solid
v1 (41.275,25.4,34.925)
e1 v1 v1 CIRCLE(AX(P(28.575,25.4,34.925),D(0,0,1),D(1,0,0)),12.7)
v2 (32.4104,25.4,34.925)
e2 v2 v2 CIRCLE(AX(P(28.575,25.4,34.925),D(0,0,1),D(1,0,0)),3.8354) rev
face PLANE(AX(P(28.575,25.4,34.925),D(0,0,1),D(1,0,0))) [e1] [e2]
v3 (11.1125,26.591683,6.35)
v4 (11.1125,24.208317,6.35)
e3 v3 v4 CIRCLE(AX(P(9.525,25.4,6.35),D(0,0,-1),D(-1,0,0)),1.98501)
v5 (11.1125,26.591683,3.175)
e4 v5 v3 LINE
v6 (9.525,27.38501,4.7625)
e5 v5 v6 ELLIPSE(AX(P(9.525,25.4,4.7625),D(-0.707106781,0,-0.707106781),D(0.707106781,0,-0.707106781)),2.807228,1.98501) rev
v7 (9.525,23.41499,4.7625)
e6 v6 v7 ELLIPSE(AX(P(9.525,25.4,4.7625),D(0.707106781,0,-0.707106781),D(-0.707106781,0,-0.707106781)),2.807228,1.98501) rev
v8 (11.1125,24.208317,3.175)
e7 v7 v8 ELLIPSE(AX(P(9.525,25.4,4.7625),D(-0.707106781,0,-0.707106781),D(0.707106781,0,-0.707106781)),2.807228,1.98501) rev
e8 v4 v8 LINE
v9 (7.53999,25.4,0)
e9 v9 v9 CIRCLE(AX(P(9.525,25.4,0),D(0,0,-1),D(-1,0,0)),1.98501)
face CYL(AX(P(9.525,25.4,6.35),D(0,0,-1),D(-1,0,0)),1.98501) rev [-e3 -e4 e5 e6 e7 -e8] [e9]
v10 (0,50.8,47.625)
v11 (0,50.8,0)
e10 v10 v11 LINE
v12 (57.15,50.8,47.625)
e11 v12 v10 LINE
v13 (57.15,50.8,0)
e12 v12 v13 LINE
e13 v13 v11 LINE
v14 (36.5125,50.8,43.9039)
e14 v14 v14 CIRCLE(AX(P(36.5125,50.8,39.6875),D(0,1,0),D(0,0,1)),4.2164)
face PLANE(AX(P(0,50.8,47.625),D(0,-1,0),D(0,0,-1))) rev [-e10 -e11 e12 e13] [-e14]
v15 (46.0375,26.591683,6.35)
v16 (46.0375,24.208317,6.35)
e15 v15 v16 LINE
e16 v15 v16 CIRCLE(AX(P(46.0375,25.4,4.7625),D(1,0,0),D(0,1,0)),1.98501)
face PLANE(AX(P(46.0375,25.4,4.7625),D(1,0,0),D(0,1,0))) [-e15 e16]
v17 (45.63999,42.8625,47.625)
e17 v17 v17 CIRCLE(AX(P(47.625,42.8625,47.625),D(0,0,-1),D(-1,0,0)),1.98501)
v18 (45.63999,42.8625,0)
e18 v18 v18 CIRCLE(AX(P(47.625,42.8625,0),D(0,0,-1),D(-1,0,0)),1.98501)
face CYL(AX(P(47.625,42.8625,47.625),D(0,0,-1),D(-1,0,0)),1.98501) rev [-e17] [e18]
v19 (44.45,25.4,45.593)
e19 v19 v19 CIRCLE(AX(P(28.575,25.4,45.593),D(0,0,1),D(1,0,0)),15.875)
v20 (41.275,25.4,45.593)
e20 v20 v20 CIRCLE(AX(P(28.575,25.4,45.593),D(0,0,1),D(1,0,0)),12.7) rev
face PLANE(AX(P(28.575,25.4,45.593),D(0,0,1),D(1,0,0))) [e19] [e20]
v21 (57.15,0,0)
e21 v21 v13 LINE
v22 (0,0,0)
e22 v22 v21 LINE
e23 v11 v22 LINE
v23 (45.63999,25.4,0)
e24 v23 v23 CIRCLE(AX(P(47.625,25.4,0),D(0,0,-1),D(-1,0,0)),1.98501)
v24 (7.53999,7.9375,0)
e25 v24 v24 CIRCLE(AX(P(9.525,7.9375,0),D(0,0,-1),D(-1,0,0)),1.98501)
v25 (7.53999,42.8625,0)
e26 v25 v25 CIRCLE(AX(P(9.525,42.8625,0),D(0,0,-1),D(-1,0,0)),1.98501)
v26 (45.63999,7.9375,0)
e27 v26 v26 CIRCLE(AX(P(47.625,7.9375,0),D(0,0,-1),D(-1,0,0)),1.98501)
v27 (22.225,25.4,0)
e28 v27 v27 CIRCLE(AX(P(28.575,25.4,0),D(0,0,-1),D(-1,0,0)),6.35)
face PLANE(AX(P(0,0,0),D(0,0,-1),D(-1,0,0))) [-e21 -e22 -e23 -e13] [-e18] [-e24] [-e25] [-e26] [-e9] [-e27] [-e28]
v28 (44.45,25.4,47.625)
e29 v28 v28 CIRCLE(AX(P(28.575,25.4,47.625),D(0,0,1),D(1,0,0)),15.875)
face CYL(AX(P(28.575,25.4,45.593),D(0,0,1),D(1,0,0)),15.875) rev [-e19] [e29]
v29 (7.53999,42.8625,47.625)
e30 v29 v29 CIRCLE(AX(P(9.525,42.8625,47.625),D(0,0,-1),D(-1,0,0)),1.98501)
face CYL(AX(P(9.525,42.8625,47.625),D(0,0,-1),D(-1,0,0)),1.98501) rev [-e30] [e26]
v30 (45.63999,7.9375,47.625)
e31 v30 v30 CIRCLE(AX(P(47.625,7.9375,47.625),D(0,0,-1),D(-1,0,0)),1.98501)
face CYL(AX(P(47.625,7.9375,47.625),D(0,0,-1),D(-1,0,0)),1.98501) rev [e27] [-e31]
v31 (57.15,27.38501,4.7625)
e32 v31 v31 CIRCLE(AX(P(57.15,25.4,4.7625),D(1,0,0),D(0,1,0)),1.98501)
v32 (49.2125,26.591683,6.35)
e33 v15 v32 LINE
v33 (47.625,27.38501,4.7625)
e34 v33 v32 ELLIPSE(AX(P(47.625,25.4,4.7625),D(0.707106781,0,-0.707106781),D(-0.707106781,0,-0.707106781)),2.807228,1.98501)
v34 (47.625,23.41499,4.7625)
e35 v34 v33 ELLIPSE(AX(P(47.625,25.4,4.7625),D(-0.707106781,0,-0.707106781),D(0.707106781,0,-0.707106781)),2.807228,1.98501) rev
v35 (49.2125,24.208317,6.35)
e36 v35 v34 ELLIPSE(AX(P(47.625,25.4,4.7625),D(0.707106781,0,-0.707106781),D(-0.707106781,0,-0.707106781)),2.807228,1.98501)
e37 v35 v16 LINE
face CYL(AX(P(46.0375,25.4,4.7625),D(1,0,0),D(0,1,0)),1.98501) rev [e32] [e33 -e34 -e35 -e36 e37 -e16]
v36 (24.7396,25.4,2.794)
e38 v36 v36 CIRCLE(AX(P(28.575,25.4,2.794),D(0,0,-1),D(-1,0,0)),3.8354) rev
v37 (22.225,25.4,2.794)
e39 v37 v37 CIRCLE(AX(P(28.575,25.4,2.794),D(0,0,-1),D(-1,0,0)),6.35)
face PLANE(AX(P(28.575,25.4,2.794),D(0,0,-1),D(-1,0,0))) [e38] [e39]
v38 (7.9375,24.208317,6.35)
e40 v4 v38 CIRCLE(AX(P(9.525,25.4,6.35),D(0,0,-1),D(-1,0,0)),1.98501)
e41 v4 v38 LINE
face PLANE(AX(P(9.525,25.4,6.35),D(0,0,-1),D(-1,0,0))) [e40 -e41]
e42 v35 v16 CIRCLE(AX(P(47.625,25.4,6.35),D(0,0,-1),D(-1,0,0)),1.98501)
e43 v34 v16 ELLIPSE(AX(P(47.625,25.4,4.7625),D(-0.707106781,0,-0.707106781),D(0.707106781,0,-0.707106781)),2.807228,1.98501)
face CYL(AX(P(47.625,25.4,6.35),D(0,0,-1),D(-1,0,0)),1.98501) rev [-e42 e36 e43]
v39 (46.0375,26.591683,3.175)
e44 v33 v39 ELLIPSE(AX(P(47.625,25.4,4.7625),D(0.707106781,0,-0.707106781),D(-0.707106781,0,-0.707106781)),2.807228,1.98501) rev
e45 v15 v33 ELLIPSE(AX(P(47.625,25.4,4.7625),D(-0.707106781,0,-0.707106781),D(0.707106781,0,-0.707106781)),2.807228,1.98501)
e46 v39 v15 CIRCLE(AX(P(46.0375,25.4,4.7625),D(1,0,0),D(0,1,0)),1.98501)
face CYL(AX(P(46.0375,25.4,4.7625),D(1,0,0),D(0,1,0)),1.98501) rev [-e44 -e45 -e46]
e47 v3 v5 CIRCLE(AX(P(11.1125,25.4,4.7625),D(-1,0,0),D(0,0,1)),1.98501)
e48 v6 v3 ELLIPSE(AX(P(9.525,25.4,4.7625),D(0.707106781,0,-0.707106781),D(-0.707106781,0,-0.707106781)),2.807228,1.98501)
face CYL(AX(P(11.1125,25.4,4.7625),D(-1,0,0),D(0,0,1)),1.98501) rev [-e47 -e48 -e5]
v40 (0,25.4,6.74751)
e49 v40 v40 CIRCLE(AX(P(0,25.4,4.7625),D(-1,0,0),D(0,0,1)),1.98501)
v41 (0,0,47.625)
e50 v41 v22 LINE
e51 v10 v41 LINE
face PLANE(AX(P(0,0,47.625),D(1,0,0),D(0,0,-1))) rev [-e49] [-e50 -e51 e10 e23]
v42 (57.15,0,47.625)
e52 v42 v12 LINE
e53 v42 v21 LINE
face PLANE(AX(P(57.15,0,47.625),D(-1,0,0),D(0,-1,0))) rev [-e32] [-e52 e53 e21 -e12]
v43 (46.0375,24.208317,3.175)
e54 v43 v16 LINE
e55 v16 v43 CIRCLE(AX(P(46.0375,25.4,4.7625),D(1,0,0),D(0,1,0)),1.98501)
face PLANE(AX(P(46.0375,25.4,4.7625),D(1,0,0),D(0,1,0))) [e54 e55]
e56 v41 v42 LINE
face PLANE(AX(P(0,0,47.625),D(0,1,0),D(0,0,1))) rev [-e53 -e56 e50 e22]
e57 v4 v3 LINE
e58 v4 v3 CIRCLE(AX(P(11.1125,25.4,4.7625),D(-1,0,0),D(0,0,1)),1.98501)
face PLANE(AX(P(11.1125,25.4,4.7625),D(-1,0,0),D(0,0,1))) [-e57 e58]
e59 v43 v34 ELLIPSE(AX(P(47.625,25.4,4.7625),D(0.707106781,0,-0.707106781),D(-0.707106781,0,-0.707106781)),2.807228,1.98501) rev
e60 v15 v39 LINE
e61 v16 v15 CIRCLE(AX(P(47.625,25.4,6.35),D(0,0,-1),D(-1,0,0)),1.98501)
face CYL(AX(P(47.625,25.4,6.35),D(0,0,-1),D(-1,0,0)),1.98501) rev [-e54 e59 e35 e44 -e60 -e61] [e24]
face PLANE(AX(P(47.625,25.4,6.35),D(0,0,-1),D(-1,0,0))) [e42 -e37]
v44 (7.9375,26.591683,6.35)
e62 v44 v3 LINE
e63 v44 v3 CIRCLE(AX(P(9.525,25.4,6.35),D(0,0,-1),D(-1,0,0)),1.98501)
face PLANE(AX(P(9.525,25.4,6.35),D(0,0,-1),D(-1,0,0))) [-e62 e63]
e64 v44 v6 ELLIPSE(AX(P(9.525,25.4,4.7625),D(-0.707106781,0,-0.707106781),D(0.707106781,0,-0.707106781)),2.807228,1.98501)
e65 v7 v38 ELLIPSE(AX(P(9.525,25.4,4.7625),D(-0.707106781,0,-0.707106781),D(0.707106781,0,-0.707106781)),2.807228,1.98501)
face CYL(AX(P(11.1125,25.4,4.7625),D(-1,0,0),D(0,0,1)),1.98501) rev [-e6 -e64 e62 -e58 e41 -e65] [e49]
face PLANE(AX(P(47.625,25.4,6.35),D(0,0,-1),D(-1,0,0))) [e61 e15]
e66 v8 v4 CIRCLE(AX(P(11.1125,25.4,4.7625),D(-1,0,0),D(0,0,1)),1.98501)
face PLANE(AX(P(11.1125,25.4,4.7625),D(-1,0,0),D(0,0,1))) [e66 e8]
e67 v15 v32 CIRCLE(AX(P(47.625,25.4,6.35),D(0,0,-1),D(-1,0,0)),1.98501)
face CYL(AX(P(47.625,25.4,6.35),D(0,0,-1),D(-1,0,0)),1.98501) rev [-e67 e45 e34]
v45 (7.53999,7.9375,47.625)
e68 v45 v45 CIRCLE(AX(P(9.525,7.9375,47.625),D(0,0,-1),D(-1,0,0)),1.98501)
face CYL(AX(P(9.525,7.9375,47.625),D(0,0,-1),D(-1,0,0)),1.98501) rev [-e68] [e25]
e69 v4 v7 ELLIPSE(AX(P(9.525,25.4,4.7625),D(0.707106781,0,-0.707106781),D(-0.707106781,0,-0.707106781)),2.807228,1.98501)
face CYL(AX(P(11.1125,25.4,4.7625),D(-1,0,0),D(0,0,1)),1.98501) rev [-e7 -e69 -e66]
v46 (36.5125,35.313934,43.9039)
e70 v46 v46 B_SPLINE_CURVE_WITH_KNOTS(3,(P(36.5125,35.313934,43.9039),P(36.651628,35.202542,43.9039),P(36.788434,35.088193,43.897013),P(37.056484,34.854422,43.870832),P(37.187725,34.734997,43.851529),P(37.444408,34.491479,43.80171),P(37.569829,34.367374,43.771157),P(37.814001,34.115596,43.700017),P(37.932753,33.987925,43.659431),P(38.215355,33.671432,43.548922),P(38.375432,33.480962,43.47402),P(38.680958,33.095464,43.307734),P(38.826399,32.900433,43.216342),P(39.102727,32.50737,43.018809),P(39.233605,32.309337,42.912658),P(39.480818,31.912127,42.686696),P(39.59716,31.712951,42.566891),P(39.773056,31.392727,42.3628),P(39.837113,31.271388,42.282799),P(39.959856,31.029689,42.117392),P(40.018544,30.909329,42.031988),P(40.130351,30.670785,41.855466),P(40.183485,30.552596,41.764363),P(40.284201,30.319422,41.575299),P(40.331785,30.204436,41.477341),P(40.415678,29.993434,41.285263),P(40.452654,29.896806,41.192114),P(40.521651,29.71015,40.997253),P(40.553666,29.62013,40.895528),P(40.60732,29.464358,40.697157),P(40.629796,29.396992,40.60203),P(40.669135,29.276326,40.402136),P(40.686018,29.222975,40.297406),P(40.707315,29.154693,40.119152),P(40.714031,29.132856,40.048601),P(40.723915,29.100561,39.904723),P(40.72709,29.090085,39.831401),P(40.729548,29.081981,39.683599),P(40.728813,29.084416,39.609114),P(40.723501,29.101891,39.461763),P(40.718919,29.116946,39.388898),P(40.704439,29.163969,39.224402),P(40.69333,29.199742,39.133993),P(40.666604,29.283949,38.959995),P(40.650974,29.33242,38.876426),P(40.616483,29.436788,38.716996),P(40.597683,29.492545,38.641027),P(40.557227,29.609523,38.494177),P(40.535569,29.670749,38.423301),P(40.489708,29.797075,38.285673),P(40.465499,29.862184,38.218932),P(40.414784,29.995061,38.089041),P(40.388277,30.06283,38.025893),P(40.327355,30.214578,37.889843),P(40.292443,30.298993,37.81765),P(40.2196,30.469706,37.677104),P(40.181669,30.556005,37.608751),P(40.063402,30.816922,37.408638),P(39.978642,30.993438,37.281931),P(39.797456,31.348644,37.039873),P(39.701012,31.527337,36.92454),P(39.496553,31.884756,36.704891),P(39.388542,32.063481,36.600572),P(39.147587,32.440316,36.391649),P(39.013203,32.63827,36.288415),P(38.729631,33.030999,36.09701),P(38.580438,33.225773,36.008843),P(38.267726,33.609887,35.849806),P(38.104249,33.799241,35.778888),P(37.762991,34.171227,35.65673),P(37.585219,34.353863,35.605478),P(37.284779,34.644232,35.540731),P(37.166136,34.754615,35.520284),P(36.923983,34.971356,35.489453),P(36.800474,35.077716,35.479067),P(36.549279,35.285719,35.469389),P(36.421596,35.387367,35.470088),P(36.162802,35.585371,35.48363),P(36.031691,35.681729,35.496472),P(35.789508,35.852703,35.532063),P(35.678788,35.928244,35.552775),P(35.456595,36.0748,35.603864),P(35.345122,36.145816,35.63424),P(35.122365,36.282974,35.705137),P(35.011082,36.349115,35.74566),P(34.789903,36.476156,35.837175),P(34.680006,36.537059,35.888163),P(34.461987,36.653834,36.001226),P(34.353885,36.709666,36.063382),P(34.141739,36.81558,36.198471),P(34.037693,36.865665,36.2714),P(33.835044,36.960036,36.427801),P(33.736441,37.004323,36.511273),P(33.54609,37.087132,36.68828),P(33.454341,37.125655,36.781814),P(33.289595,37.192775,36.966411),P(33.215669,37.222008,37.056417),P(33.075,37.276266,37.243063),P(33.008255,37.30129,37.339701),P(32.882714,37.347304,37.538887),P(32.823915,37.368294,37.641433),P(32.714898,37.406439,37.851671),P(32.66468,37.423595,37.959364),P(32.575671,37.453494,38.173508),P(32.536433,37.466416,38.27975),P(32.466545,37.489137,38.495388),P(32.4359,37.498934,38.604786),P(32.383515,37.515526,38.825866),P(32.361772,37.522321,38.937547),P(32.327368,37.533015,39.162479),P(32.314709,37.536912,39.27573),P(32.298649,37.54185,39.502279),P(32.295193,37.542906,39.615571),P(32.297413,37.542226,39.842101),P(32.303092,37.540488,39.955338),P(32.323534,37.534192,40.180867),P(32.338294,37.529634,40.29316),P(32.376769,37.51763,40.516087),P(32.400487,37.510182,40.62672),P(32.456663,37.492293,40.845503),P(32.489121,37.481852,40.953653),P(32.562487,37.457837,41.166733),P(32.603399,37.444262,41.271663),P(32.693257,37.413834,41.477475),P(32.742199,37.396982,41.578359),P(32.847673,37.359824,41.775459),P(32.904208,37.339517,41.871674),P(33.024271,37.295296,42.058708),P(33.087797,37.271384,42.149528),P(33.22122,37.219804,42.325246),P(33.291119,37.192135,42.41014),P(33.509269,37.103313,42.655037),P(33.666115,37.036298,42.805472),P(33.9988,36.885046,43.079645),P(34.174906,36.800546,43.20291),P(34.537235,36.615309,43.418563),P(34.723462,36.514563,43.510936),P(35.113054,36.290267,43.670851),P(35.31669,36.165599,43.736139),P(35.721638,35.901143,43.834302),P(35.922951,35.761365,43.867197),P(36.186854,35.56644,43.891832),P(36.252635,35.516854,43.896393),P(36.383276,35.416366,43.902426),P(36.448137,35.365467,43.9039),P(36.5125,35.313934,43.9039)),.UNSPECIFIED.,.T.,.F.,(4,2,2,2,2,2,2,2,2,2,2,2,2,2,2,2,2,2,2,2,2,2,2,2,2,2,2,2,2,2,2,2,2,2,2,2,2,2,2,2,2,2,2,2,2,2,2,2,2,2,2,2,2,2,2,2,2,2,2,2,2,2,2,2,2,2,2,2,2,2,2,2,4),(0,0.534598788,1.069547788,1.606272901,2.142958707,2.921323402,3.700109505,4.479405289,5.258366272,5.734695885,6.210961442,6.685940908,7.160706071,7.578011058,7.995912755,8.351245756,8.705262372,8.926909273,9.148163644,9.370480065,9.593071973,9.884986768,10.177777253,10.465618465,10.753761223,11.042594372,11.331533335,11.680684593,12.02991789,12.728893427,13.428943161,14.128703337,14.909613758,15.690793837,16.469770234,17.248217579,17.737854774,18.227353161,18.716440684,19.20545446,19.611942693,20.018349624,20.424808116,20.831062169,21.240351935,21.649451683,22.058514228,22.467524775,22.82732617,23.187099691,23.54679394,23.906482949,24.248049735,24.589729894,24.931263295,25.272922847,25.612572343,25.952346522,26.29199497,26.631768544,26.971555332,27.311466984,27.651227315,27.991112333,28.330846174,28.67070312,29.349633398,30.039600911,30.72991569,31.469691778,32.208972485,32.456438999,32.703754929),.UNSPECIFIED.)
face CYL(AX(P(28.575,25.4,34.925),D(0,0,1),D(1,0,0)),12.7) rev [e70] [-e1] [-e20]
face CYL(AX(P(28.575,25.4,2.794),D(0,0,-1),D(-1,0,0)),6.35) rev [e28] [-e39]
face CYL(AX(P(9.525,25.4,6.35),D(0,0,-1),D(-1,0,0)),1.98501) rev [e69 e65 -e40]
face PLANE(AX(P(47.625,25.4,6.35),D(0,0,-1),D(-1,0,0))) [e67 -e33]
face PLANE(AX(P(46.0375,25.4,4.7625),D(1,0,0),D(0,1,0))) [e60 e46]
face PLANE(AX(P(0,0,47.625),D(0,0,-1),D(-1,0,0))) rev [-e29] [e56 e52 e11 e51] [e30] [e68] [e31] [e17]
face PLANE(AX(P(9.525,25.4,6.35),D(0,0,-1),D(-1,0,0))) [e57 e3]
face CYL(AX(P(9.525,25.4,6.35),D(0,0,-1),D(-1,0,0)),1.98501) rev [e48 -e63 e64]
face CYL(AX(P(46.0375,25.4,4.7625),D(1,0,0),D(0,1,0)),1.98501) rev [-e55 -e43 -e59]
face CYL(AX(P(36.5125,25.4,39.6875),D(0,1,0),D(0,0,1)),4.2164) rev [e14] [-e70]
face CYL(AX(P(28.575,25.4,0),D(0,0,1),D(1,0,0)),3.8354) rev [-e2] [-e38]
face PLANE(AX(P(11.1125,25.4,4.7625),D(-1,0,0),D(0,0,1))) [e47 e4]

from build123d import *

# Parameters (mm, degrees)
SKETCH1_W           = 57.15
SKETCH1_H           = 50.8
BOSS_EXTRUDE1_DEPTH = 47.625
SKETCH2_R           = 3.8354
CUT_EXTRUDE1_DEPTH  = 91.08275709
SKETCH3_R           = 12.7
CUT_EXTRUDE2_DEPTH  = 12.7
SKETCH4_R           = 15.875
CUT_EXTRUDE3_DEPTH  = 2.032
SKETCH5_R           = 4.2164
CUT_EXTRUDE4_DEPTH  = 25.4
SKETCH6_R           = 6.35
CUT_EXTRUDE5_DEPTH  = 2.794
SKETCH7_R           = 1.98501
CUT_EXTRUDE6_DEPTH  = 6.35
SKETCH8_R           = 1.98501
CUT_EXTRUDE7_DEPTH  = 91.082757147
SKETCH9_R           = 1.98501
CUT_EXTRUDE9_DEPTH  = 11.1125
CUT_EXTRUDE10_START = -11.1125
SKETCH10_R          = 1.98501
CUT_EXTRUDE10_DEPTH = 11.1125


with BuildPart() as part:
    # Sketch1 → Boss-Extrude1 (new body)
    with BuildSketch(Plane.XY):
        with Locations((28.575, 25.4)):
            Rectangle(SKETCH1_W, SKETCH1_H)
    extrude(amount=BOSS_EXTRUDE1_DEPTH)

    # Sketch2 → Cut-Extrude1 (cut, through all)
    with BuildSketch(Plane.XY.offset(47.625)):
        with Locations((28.575, 25.4)):
            Circle(SKETCH2_R)
    extrude(amount=-CUT_EXTRUDE1_DEPTH, mode=Mode.SUBTRACT)

    # Sketch3 → Cut-Extrude2 (cut)
    with BuildSketch(Plane.XY.offset(47.625)):
        with Locations((28.575, 25.4)):
            Circle(SKETCH3_R)
    extrude(amount=-CUT_EXTRUDE2_DEPTH, mode=Mode.SUBTRACT)

    # Sketch4 → Cut-Extrude3 (cut)
    with BuildSketch(Plane.XY.offset(47.625)):
        with Locations((28.575, 25.4)):
            Circle(SKETCH4_R)
    extrude(amount=-CUT_EXTRUDE3_DEPTH, mode=Mode.SUBTRACT)

    # Sketch5 → Cut-Extrude4 (cut)
    with BuildSketch(Plane(origin=(0, 50.8, 0), x_dir=(1, 0, 0), z_dir=(0, 1, 0))):
        with Locations(Location((36.5125, -39.6875, 0), (0, 0, 270))):
            Circle(SKETCH5_R)
    extrude(amount=-CUT_EXTRUDE4_DEPTH, mode=Mode.SUBTRACT)

    # Sketch6 → Cut-Extrude5 (cut)
    with BuildSketch(Plane(origin=(0, 0, 0), x_dir=(-1, 0, 0), z_dir=(0, 0, -1))):
        with Locations((-28.575, 25.4)):
            Circle(SKETCH6_R)
    extrude(amount=-CUT_EXTRUDE5_DEPTH, mode=Mode.SUBTRACT)

    # Sketch7 → Cut-Extrude6 (cut)
    with BuildSketch(Plane(origin=(0, 0, 0), x_dir=(-1, 0, 0), z_dir=(0, 0, -1))):
        with Locations((-9.525, 25.4)):
            Circle(SKETCH7_R)
        with Locations((-47.625, 25.4)):
            Circle(SKETCH7_R)
    extrude(amount=-CUT_EXTRUDE6_DEPTH, mode=Mode.SUBTRACT)

    # Sketch8 → Cut-Extrude7 (cut, through all)
    with BuildSketch(Plane(origin=(0, 0, 0), x_dir=(-1, 0, 0), z_dir=(0, 0, -1))):
        with Locations((-47.625, 42.8625)):
            Circle(SKETCH8_R)
        with Locations((-9.525, 42.8625)):
            Circle(SKETCH8_R)
        with Locations((-9.525, 7.9375)):
            Circle(SKETCH8_R)
        with Locations((-47.625, 7.9375)):
            Circle(SKETCH8_R)
    extrude(amount=-CUT_EXTRUDE7_DEPTH, mode=Mode.SUBTRACT)

    # Sketch9 → Cut-Extrude9 (cut)
    with BuildSketch(Plane.ZY):
        with Locations((4.7625, 25.4)):
            Circle(SKETCH9_R)
    extrude(amount=-CUT_EXTRUDE9_DEPTH, mode=Mode.SUBTRACT)

    # Sketch10 → Cut-Extrude10 (cut)
    with BuildSketch(Plane(origin=(57.15, 0, 0), x_dir=(0, 0, -1), z_dir=(1, 0, 0)).offset(CUT_EXTRUDE10_START)):
        with Locations(Location((-4.7625, 25.4, 0), (0, 0, 180))):
            Circle(SKETCH10_R)
    extrude(amount=CUT_EXTRUDE10_DEPTH, mode=Mode.SUBTRACT)


solid = part.part
